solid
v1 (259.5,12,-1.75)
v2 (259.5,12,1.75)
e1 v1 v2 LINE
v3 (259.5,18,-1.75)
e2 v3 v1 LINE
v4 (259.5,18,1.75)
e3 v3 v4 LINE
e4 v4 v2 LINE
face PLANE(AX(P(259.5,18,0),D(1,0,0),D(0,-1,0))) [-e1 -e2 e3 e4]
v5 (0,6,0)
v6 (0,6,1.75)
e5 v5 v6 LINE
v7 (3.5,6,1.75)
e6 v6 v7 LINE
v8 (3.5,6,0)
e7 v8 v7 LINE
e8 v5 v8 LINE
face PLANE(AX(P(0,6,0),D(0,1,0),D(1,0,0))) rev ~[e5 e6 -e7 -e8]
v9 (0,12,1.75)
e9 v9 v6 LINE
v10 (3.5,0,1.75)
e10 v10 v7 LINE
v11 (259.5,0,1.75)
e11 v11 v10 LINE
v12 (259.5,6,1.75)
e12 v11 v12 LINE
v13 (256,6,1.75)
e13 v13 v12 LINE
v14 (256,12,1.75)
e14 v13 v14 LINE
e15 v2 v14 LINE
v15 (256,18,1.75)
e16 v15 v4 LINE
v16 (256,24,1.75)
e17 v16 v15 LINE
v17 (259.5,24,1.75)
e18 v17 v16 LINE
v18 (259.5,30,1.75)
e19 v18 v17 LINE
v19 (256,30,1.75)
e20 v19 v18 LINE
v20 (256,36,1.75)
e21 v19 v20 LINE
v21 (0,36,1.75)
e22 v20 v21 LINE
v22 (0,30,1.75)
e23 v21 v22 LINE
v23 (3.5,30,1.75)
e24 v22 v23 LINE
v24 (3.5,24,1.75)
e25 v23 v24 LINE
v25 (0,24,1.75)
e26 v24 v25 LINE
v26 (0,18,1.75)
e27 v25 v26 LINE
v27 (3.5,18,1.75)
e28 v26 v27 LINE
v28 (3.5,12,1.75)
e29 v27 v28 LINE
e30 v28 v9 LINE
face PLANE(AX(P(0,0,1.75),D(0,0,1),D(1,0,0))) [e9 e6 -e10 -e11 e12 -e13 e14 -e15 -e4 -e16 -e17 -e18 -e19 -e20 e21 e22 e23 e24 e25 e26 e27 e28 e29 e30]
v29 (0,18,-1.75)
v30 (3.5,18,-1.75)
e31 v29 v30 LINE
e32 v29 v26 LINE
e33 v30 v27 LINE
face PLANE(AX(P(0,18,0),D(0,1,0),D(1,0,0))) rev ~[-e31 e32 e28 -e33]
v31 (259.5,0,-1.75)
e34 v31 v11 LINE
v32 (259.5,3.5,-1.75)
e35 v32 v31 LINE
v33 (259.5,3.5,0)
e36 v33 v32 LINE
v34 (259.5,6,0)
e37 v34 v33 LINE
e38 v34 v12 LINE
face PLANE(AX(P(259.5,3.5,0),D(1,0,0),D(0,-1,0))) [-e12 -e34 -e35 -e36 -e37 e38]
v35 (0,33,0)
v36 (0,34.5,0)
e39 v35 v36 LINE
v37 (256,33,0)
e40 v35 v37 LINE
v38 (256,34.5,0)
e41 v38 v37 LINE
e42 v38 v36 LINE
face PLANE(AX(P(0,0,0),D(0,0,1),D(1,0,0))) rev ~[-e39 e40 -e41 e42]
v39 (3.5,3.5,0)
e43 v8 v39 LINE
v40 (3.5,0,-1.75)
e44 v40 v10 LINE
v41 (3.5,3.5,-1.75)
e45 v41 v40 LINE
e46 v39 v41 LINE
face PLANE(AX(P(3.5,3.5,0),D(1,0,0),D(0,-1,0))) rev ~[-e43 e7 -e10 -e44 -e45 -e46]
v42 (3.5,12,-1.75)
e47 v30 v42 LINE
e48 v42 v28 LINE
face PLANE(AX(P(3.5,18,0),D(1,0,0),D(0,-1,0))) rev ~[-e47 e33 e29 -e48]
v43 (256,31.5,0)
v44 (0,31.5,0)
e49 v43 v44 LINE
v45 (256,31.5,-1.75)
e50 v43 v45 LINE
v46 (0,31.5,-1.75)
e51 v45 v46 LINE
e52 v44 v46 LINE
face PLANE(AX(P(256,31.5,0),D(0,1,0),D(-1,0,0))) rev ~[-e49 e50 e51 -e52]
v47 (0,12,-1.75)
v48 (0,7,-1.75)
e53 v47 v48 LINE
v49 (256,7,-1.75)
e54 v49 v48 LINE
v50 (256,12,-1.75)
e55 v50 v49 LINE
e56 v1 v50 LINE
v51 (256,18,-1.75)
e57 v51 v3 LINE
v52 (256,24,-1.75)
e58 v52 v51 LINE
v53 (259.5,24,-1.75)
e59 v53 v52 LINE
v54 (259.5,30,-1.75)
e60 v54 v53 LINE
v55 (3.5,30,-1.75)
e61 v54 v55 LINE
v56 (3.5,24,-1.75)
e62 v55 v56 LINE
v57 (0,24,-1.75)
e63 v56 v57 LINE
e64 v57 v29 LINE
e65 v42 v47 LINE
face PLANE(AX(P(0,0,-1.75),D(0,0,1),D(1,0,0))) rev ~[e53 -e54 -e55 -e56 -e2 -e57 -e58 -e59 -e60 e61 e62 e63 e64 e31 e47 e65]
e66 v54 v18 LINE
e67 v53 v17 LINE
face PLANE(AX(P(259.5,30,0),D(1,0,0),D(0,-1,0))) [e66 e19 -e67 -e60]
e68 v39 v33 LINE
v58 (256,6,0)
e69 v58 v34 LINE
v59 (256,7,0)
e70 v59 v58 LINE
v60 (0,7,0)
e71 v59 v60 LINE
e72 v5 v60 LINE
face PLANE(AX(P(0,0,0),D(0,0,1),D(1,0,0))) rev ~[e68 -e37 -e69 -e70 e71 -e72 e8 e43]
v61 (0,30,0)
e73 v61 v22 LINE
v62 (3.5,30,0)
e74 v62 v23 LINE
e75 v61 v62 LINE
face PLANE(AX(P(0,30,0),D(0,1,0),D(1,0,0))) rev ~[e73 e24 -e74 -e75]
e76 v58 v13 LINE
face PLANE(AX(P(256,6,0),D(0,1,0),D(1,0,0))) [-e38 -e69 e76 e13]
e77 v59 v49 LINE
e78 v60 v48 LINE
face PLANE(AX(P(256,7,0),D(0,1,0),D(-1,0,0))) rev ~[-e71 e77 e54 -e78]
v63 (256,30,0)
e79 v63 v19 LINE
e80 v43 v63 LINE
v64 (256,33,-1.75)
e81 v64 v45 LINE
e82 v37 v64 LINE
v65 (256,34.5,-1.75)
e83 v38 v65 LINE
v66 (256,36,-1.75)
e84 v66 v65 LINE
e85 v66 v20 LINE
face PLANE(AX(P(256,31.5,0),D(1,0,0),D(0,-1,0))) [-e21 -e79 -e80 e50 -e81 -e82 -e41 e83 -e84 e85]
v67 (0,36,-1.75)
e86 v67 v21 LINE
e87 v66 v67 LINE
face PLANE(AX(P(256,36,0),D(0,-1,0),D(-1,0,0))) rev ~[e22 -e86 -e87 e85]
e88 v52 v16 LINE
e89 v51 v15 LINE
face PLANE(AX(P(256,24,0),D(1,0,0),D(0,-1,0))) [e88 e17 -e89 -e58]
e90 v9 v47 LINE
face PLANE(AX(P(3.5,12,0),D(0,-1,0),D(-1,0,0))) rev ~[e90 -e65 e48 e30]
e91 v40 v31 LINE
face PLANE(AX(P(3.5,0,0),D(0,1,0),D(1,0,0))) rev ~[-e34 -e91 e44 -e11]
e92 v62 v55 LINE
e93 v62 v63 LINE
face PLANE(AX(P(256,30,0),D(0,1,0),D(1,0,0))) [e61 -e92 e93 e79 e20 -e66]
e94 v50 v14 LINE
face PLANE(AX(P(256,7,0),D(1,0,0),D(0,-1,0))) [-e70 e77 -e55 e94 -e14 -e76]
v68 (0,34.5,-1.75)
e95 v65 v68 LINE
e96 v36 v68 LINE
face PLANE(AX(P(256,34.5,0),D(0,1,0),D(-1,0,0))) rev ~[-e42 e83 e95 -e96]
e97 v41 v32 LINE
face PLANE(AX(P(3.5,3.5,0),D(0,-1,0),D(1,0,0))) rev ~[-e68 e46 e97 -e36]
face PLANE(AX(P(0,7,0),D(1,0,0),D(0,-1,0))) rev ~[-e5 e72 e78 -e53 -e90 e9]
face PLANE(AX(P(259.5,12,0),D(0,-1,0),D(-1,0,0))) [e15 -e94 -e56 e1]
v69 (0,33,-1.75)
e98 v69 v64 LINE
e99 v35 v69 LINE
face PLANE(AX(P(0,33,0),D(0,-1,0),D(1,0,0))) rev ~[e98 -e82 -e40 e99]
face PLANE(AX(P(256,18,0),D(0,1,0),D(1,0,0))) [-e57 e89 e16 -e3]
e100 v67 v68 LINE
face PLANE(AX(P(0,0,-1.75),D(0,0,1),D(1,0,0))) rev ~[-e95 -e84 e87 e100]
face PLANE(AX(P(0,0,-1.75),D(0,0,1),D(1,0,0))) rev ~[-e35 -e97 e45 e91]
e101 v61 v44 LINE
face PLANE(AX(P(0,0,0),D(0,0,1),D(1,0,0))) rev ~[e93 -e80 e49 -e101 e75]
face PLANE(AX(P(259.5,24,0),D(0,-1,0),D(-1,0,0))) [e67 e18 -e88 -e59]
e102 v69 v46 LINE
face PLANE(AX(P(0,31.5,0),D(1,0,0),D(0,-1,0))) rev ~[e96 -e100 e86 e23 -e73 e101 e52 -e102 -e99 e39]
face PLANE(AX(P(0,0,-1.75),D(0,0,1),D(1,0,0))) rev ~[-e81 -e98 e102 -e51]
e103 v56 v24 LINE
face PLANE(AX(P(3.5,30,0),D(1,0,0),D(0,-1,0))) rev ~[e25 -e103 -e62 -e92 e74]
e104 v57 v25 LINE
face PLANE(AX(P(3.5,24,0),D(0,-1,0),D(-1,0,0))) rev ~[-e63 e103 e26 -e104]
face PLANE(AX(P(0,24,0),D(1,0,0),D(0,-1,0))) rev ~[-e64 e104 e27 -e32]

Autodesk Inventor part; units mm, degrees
ref_plane "YZ Plane" through (0, 0, 0) normal (1, 0, 0) x (0, 1, 0)
ref_plane "XZ Plane" through (0, 0, 0) normal (0, 1, 0) x (-1, 0, 0)
ref_plane "XY Plane" through (0, 0, 0) normal (0, 0, 1) x (1, 0, 0)
sketch "Sketch1" plane through (0, 0, 0) normal (0, 0, 1) x (1, 0, 0)
  line L0 (3.5, 0) -> (256, 0)
  line L1 (256, 36) -> (0, 36)
  line L2 (256, 36) -> (256, 30)
  line L3 (256, 24) -> (256, 18)
  line L4 (256, 12) -> (256, 6)
  line L5 (256, 30) -> (259.5, 30)
  line L6 (259.5, 30) -> (259.5, 24)
  line L7 (259.5, 24) -> (256, 24)
  line L8 (256, 18) -> (259.5, 18)
  line L9 (259.5, 18) -> (259.5, 12)
  line L10 (259.5, 12) -> (256, 12)
  line L11 (256, 6) -> (259.5, 6)
  line L12 (259.5, 6) -> (259.5, 0)
  line L13 (259.5, 0) -> (256, 0)
  line L14 (0, 36) -> (0, 30)
  line L15 (0, 24) -> (0, 18)
  line L16 (0, 12) -> (0, 6)
  line L17 (0, 30) -> (3.5, 30)
  line L18 (3.5, 30) -> (3.5, 24)
  line L19 (3.5, 24) -> (0, 24)
  line L20 (0, 18) -> (3.5, 18)
  line L21 (3.5, 18) -> (3.5, 12)
  line L22 (3.5, 12) -> (0, 12)
  line L23 (0, 6) -> (3.5, 6)
  line L24 (3.5, 6) -> (3.5, 0)
  line L25 (0, 36) -> (256, 36)
  line L26 (256, 36) -> (256, 34.5)
  line L27 (256, 34.5) -> (0, 34.5)
  line L28 (0, 34.5) -> (0, 36)
  line L29 (256, 34.5) -> (0, 34.5)
  line L30 (0, 34.5) -> (0, 33)
  line L31 (0, 33) -> (256, 33)
  line L32 (256, 33) -> (256, 34.5)
  line L33 (0, 33) -> (256, 33)
  line L34 (256, 33) -> (256, 31.5)
  line L35 (256, 31.5) -> (0, 31.5)
  line L36 (0, 31.5) -> (0, 33)
  line L37 (256, 31.5) -> (0, 31.5)
  line L38 (0, 31.5) -> (0, 30)
  line L39 (0, 30) -> (256, 30)
  line L40 (256, 30) -> (256, 31.5)
  line L41 (259.5, 0) -> (3.5, 0)
  line L42 (3.5, 0) -> (3.5, 3.5)
  line L43 (3.5, 3.5) -> (259.5, 3.5)
  line L44 (259.5, 3.5) -> (259.5, 0)
  line L45 (3.5, 3.5) -> (259.5, 3.5)
  line L46 (259.5, 3.5) -> (259.5, 6)
  line L47 (256, 7) -> (0, 7)
  line L48 (0, 7) -> (0, 6)
  dimension "d52" = 256
  dimension "d53" = 36
  dimension "d60" = 3.5
  dimension "d67" = 3.5
  dimension "d68" = 1.5
  dimension "d69" = 1.5
  dimension "d70" = 1.5
  dimension "d71" = 1.5
  dimension "d74" = 3.5
  dimension "d75" = 3.5
extrude "Extrusion1" add sketch "Sketch1" along normal blind 1.75
extrude "Extrusion2" add sketch "Sketch1" against normal blind 1.75 contours L24 L43 L12 L13 L0 | L16 L22 L21 L20 L15 L19 L18 L39 L5 L6 L7 L3 L8 L9 L10 L4 L47 | L14 L31 L2 L35 | L14 L1 L2 L27
properties part number "Side Wall 3"
